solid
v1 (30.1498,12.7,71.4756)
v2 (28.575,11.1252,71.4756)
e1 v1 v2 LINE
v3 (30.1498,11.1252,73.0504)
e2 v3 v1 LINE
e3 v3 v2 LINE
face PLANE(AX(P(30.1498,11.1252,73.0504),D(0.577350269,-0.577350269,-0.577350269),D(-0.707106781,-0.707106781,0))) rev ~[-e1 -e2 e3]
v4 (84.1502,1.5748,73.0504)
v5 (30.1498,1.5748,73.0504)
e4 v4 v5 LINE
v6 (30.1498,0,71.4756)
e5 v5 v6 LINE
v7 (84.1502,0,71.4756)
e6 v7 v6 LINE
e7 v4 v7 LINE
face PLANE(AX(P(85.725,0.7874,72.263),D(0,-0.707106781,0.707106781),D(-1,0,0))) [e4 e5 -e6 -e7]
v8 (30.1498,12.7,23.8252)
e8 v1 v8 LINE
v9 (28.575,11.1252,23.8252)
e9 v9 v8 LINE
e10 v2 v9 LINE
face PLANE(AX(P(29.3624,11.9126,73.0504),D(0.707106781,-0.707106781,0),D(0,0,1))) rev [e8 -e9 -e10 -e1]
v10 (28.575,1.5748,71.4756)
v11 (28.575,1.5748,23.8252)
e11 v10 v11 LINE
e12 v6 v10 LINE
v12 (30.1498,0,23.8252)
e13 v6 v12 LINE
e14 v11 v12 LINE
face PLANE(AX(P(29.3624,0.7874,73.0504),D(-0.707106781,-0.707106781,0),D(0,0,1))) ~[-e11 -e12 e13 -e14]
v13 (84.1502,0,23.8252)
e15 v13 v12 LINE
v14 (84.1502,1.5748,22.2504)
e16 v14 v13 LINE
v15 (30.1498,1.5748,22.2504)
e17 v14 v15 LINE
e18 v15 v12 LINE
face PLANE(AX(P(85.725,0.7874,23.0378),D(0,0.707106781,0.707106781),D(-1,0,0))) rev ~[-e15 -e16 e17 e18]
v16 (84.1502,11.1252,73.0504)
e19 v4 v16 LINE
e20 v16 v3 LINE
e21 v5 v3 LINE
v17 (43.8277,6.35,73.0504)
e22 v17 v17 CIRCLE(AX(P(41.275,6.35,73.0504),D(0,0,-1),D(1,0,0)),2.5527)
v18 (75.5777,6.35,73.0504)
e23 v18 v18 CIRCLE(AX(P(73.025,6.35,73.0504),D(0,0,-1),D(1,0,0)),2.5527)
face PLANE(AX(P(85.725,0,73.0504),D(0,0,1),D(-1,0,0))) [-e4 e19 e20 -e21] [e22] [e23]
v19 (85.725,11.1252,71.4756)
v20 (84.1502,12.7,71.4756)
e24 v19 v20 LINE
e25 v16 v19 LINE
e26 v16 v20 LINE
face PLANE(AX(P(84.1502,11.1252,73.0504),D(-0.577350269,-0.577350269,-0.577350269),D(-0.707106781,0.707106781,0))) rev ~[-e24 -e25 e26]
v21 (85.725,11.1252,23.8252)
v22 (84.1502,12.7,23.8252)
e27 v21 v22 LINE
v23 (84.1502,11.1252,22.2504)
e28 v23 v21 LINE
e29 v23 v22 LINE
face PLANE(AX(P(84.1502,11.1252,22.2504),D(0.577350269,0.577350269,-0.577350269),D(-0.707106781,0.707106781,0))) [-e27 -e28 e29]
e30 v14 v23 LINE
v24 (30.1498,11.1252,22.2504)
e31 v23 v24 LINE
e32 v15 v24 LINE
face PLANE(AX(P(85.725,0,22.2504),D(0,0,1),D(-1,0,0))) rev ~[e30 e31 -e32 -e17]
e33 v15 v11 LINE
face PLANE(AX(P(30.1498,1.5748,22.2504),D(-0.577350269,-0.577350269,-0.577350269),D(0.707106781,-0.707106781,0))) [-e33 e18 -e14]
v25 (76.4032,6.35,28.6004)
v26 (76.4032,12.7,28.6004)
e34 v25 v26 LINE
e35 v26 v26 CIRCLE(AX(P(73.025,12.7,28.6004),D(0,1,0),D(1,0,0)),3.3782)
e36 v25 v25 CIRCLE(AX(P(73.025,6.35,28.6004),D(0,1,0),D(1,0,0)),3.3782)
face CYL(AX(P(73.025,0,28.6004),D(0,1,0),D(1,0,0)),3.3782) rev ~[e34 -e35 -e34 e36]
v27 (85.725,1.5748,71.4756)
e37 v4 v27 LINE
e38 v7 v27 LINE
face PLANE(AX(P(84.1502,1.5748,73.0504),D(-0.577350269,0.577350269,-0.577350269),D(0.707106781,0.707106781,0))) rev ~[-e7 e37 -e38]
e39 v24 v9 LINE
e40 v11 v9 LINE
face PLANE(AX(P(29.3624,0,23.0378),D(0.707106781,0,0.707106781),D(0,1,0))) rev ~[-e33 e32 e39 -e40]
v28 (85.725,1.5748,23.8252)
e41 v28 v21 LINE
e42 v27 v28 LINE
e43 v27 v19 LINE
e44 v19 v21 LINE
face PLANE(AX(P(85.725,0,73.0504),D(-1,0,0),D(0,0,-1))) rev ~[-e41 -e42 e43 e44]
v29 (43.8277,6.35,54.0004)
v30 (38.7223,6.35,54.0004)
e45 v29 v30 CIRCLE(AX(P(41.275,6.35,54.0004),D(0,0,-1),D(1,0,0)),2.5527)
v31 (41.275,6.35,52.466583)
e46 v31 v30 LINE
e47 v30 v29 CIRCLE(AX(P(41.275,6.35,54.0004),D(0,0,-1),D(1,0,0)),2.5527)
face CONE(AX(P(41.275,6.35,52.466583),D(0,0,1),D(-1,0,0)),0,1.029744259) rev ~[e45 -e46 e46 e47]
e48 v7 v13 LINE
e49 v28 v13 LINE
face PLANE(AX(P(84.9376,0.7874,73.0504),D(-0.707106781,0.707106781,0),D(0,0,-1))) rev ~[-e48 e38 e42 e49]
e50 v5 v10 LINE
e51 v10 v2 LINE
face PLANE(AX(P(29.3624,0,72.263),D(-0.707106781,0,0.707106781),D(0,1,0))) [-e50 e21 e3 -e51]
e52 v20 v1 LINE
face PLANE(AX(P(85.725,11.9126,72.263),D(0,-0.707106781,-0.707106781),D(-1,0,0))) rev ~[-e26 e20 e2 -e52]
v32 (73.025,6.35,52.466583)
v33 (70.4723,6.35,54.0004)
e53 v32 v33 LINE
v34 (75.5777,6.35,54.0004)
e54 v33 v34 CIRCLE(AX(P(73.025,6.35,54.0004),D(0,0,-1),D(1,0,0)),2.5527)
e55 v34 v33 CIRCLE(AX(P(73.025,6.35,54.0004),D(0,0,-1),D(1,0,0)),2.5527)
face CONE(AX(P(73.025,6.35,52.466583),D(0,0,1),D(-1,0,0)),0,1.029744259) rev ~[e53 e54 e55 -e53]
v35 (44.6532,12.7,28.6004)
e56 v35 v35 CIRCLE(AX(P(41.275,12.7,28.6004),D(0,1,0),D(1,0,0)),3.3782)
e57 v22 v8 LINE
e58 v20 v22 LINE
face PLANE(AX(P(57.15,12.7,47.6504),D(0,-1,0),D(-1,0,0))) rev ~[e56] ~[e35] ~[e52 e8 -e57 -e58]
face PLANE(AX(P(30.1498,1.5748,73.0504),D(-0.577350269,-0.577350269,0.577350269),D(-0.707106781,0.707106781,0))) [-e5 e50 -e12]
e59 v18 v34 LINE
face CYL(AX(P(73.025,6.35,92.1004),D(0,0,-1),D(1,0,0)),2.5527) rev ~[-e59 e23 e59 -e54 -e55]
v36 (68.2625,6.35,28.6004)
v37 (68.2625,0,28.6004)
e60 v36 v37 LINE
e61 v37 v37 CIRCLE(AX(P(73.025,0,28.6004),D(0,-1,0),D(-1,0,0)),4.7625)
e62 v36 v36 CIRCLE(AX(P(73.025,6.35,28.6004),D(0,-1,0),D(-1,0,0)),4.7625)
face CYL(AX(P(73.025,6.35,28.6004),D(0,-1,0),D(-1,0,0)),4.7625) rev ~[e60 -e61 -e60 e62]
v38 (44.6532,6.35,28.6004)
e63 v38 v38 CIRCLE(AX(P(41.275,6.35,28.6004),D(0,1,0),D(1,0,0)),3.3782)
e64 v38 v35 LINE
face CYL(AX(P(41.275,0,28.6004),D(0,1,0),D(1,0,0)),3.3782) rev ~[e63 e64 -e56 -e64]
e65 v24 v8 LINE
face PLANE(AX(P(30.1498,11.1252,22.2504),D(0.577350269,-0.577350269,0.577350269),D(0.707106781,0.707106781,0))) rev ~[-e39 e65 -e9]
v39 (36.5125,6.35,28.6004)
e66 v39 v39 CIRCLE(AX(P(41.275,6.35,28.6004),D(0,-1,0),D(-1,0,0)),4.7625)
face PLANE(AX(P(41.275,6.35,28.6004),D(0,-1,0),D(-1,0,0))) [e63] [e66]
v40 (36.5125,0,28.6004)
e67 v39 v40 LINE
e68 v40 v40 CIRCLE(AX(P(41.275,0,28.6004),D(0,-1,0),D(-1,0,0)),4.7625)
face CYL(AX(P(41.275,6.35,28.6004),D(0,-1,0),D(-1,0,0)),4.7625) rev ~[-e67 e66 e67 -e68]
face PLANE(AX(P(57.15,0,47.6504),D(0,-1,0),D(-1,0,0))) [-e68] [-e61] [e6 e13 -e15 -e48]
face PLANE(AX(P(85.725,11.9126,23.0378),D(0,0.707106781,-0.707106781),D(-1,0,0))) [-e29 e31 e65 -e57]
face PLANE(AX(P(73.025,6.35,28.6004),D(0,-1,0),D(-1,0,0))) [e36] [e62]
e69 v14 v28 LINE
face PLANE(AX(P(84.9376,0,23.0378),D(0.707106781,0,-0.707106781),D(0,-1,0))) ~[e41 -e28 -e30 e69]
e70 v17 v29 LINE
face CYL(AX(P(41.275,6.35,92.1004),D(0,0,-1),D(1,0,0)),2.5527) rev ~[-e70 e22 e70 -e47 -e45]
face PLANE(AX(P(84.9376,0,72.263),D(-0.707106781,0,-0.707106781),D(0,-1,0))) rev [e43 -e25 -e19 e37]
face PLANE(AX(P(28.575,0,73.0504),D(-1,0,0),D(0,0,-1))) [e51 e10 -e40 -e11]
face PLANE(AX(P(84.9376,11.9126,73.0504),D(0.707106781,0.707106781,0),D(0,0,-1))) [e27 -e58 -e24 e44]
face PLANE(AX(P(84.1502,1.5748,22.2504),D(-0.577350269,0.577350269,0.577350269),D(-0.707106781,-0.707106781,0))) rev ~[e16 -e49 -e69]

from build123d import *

# Parameters (mm, degrees)
F0_W           = 57.15
F0_H           = 50.8
F1_DEPTH       = 12.7
F2_D           = 6.7564
F2_CBORE_D     = 9.525
F2_CBORE_DEPTH = 6.35
F4_D           = 5.1054
F4_DEPTH       = 19.05
F4_TIP         = 1.5338169022
F5_SIZE        = 1.5748
F6_ANGLE       = 180


with BuildPart() as f1:
    # F0 (on Front) → F1 (new body)
    with BuildSketch(Plane.XZ):
        Rectangle(F0_W, F0_H)
    extrude(amount=-F1_DEPTH)

    # F2 (through all)
    with Locations(Plane.XZ):
        with Locations((-15.875, 19.05), (15.875, 19.05)):
            CounterBoreHole(F2_D / 2, F2_CBORE_D / 2, F2_CBORE_DEPTH)

    # F4
    with Locations(Plane(origin=(0, 0, -25.4), x_dir=(1, 0, 0), z_dir=(0, 0, -1))):
        with Locations((15.875, -6.35), (-15.875, -6.35)):
            Hole(F4_D / 2, depth=F4_DEPTH)
            with Locations((0, 0, -(F4_DEPTH + F4_TIP / 2))):  # 118° drill point
                Cone(0, F4_D / 2, F4_TIP, mode=Mode.SUBTRACT)

    # F5
    f5_edges = [f1.edges().sort_by_distance(p)[0] for p in [
        (28.575, 12.7, 0),
        (28.575, 0, 0),
        (-28.575, 0, 0),
        (-28.575, 12.7, 0),
        (0, 0, -25.4),
        (-28.575, 6.35, -25.4),
        (0, 12.7, -25.4),
        (28.575, 6.35, -25.4),
        (28.575, 6.35, 25.4),
        (-28.575, 6.35, 25.4),
        (0, 0, 25.4),
        (0, 12.7, 25.4),
    ]]
    chamfer(f5_edges, length=F5_SIZE)


with BuildPart() as f1_1:
    # F6: moved
    add(f1.part.rotate(Axis((28.575, 6.35, 23.8252), (0, 1, 0)), F6_ANGLE))


solid = f1_1.part
